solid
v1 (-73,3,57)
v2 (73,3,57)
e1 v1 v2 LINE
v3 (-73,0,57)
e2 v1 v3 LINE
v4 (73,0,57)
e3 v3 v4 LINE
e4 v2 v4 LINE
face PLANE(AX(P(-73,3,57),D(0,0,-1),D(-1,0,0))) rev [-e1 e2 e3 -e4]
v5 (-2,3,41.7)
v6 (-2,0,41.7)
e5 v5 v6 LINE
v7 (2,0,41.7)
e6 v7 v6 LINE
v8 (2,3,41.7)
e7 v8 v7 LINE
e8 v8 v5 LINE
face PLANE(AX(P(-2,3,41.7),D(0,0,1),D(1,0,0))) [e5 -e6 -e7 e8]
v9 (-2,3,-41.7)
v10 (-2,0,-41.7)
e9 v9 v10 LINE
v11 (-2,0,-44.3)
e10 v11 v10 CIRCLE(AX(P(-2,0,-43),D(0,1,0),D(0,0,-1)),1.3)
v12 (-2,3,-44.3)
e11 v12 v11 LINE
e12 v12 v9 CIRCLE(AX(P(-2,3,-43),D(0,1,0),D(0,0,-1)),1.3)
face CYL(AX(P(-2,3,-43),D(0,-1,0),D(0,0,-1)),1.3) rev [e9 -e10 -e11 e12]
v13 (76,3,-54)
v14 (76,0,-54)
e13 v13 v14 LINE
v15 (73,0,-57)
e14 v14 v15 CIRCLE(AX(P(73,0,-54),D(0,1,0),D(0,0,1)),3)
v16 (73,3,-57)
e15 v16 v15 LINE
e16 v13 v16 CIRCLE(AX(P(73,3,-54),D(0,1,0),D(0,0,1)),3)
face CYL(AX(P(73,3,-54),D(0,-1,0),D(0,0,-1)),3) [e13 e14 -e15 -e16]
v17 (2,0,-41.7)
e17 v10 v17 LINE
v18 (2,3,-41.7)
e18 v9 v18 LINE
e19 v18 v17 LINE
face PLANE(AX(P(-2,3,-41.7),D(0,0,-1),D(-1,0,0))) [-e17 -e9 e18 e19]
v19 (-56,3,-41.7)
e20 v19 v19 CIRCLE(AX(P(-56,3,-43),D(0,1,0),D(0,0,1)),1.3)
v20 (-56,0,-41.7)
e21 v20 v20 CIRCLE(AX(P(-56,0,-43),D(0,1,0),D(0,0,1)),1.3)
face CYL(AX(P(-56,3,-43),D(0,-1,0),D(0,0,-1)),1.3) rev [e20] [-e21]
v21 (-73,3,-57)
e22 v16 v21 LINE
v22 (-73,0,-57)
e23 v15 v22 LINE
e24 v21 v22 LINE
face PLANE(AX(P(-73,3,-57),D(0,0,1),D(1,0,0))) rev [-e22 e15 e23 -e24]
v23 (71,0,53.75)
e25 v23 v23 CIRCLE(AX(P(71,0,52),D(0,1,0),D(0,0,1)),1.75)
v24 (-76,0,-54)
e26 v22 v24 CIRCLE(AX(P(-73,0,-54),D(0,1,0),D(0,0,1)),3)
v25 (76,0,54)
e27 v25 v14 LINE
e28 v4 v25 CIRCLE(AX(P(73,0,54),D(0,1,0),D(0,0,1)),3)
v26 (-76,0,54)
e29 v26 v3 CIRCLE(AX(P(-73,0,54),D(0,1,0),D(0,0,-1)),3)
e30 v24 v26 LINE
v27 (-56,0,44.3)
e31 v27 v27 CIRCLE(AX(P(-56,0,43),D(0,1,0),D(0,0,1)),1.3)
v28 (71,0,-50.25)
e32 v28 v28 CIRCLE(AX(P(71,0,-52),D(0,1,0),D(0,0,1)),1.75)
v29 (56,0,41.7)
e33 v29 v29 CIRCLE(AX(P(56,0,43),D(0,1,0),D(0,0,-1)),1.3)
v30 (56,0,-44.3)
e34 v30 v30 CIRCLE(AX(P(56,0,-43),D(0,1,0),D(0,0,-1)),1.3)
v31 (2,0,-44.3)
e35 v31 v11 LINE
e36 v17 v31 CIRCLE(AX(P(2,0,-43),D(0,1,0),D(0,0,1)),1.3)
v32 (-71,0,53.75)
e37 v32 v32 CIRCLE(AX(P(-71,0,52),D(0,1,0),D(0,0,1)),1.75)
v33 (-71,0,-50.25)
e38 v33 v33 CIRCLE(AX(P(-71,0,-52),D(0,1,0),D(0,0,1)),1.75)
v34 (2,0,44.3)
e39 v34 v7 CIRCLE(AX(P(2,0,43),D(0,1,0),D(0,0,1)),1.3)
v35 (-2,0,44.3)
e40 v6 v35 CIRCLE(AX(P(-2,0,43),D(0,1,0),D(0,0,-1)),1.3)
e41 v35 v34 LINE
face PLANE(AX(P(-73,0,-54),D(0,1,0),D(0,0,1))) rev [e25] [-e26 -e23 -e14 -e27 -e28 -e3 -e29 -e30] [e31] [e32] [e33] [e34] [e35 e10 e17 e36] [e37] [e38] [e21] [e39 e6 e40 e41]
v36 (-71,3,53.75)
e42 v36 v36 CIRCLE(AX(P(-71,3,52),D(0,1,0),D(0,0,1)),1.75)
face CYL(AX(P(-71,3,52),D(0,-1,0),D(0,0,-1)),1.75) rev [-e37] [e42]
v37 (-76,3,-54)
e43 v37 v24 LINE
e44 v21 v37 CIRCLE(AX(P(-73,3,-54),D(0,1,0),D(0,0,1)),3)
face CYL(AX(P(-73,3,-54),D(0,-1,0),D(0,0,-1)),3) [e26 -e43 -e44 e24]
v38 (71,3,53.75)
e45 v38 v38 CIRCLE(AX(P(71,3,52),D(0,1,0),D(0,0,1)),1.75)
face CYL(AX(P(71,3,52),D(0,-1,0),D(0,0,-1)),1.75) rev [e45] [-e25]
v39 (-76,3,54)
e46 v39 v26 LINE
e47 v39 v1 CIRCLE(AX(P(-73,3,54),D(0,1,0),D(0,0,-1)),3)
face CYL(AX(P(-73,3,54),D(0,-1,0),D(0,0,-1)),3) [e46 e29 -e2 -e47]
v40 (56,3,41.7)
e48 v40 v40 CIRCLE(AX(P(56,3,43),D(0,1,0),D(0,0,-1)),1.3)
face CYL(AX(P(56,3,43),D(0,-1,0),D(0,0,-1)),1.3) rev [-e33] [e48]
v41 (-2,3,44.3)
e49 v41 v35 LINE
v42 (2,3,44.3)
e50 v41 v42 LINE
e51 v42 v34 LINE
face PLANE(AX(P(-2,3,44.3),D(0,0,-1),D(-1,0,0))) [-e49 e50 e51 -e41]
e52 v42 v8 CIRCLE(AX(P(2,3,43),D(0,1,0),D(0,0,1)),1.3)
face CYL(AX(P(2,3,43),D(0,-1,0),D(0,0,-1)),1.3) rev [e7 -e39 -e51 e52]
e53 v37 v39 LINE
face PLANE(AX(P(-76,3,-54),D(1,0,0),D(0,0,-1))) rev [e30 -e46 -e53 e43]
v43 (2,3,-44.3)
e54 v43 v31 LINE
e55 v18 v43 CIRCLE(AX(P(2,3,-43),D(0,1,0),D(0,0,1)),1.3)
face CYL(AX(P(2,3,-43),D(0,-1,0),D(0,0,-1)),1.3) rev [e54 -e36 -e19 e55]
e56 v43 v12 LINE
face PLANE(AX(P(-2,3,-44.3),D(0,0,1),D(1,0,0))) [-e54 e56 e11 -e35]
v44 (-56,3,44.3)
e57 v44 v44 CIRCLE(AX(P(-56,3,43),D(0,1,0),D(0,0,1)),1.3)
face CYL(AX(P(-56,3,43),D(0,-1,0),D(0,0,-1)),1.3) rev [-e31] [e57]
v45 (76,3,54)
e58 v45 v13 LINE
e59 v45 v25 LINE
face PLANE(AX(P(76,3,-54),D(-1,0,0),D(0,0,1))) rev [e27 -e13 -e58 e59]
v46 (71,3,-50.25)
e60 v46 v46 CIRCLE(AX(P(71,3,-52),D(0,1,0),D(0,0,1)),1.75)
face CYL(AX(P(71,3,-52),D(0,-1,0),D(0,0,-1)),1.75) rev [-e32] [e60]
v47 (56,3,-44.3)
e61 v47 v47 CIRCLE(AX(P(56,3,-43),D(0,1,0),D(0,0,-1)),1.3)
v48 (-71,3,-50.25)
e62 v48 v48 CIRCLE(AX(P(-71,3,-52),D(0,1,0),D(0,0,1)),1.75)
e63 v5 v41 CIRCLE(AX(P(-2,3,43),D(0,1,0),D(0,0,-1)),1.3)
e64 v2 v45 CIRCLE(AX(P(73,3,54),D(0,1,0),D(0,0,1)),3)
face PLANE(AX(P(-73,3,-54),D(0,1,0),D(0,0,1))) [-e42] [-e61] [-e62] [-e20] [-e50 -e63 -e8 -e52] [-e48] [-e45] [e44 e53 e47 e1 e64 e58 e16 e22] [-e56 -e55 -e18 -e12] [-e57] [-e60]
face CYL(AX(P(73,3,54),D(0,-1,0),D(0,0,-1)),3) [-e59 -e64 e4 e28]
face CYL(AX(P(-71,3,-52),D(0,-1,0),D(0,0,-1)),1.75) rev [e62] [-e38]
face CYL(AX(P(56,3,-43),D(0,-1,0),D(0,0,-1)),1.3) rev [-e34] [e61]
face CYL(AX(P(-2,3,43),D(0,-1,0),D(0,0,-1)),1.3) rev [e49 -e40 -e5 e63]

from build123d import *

# Parameters (mm, degrees)
SKETCH_1_R      = 1.75
SKETCH_1_R_2    = 1.3
EXTRUDE_1_DEPTH = 3


with BuildPart() as part:
    # 草图1 → 凸台-拉伸1 (new body)
    with BuildSketch(Plane(origin=(0, 0, 0), x_dir=(1, 0, 0), z_dir=(0, 1, 0))):
        with BuildLine():
            Line((-73, 57), (73, 57))
            ThreePointArc((73, 57), (75.121320344, 56.121320344), (76, 54))
            Line((76, 54), (76, -54))
            ThreePointArc((76, -54), (75.121320344, -56.121320344), (73, -57))
            Line((73, -57), (-73, -57))
            ThreePointArc((-73, -57), (-75.121320344, -56.121320344), (-76, -54))
            Line((-76, -54), (-76, 54))
            ThreePointArc((-76, 54), (-75.121320344, 56.121320344), (-73, 57))
        make_face()
        with Locations((-71, 52)):
            Circle(SKETCH_1_R, mode=Mode.SUBTRACT)
        with Locations((71, 52)):
            Circle(SKETCH_1_R, mode=Mode.SUBTRACT)
        with Locations((71, -52)):
            Circle(SKETCH_1_R, mode=Mode.SUBTRACT)
        with Locations((-71, -52)):
            Circle(SKETCH_1_R, mode=Mode.SUBTRACT)
        with Locations((-56, 43)):
            Circle(SKETCH_1_R_2, mode=Mode.SUBTRACT)
        with Locations((-56, -43)):
            Circle(SKETCH_1_R_2, mode=Mode.SUBTRACT)
        with Locations((56, -43)):
            Circle(SKETCH_1_R_2, mode=Mode.SUBTRACT)
        with Locations((56, 43)):
            Circle(SKETCH_1_R_2, mode=Mode.SUBTRACT)
        with BuildLine():
            Line((-2, 44.3), (2, 44.3))
            ThreePointArc((2, 44.3), (3.3, 43), (2, 41.7))
            Line((2, 41.7), (-2, 41.7))
            ThreePointArc((-2, 41.7), (-3.3, 43), (-2, 44.3))
        make_face(mode=Mode.SUBTRACT)
        with BuildLine():
            Line((-2, -41.7), (2, -41.7))
            ThreePointArc((2, -41.7), (3.3, -43), (2, -44.3))
            Line((2, -44.3), (-2, -44.3))
            ThreePointArc((-2, -44.3), (-3.3, -43), (-2, -41.7))
        make_face(mode=Mode.SUBTRACT)
    extrude(amount=EXTRUDE_1_DEPTH)


solid = part.part
